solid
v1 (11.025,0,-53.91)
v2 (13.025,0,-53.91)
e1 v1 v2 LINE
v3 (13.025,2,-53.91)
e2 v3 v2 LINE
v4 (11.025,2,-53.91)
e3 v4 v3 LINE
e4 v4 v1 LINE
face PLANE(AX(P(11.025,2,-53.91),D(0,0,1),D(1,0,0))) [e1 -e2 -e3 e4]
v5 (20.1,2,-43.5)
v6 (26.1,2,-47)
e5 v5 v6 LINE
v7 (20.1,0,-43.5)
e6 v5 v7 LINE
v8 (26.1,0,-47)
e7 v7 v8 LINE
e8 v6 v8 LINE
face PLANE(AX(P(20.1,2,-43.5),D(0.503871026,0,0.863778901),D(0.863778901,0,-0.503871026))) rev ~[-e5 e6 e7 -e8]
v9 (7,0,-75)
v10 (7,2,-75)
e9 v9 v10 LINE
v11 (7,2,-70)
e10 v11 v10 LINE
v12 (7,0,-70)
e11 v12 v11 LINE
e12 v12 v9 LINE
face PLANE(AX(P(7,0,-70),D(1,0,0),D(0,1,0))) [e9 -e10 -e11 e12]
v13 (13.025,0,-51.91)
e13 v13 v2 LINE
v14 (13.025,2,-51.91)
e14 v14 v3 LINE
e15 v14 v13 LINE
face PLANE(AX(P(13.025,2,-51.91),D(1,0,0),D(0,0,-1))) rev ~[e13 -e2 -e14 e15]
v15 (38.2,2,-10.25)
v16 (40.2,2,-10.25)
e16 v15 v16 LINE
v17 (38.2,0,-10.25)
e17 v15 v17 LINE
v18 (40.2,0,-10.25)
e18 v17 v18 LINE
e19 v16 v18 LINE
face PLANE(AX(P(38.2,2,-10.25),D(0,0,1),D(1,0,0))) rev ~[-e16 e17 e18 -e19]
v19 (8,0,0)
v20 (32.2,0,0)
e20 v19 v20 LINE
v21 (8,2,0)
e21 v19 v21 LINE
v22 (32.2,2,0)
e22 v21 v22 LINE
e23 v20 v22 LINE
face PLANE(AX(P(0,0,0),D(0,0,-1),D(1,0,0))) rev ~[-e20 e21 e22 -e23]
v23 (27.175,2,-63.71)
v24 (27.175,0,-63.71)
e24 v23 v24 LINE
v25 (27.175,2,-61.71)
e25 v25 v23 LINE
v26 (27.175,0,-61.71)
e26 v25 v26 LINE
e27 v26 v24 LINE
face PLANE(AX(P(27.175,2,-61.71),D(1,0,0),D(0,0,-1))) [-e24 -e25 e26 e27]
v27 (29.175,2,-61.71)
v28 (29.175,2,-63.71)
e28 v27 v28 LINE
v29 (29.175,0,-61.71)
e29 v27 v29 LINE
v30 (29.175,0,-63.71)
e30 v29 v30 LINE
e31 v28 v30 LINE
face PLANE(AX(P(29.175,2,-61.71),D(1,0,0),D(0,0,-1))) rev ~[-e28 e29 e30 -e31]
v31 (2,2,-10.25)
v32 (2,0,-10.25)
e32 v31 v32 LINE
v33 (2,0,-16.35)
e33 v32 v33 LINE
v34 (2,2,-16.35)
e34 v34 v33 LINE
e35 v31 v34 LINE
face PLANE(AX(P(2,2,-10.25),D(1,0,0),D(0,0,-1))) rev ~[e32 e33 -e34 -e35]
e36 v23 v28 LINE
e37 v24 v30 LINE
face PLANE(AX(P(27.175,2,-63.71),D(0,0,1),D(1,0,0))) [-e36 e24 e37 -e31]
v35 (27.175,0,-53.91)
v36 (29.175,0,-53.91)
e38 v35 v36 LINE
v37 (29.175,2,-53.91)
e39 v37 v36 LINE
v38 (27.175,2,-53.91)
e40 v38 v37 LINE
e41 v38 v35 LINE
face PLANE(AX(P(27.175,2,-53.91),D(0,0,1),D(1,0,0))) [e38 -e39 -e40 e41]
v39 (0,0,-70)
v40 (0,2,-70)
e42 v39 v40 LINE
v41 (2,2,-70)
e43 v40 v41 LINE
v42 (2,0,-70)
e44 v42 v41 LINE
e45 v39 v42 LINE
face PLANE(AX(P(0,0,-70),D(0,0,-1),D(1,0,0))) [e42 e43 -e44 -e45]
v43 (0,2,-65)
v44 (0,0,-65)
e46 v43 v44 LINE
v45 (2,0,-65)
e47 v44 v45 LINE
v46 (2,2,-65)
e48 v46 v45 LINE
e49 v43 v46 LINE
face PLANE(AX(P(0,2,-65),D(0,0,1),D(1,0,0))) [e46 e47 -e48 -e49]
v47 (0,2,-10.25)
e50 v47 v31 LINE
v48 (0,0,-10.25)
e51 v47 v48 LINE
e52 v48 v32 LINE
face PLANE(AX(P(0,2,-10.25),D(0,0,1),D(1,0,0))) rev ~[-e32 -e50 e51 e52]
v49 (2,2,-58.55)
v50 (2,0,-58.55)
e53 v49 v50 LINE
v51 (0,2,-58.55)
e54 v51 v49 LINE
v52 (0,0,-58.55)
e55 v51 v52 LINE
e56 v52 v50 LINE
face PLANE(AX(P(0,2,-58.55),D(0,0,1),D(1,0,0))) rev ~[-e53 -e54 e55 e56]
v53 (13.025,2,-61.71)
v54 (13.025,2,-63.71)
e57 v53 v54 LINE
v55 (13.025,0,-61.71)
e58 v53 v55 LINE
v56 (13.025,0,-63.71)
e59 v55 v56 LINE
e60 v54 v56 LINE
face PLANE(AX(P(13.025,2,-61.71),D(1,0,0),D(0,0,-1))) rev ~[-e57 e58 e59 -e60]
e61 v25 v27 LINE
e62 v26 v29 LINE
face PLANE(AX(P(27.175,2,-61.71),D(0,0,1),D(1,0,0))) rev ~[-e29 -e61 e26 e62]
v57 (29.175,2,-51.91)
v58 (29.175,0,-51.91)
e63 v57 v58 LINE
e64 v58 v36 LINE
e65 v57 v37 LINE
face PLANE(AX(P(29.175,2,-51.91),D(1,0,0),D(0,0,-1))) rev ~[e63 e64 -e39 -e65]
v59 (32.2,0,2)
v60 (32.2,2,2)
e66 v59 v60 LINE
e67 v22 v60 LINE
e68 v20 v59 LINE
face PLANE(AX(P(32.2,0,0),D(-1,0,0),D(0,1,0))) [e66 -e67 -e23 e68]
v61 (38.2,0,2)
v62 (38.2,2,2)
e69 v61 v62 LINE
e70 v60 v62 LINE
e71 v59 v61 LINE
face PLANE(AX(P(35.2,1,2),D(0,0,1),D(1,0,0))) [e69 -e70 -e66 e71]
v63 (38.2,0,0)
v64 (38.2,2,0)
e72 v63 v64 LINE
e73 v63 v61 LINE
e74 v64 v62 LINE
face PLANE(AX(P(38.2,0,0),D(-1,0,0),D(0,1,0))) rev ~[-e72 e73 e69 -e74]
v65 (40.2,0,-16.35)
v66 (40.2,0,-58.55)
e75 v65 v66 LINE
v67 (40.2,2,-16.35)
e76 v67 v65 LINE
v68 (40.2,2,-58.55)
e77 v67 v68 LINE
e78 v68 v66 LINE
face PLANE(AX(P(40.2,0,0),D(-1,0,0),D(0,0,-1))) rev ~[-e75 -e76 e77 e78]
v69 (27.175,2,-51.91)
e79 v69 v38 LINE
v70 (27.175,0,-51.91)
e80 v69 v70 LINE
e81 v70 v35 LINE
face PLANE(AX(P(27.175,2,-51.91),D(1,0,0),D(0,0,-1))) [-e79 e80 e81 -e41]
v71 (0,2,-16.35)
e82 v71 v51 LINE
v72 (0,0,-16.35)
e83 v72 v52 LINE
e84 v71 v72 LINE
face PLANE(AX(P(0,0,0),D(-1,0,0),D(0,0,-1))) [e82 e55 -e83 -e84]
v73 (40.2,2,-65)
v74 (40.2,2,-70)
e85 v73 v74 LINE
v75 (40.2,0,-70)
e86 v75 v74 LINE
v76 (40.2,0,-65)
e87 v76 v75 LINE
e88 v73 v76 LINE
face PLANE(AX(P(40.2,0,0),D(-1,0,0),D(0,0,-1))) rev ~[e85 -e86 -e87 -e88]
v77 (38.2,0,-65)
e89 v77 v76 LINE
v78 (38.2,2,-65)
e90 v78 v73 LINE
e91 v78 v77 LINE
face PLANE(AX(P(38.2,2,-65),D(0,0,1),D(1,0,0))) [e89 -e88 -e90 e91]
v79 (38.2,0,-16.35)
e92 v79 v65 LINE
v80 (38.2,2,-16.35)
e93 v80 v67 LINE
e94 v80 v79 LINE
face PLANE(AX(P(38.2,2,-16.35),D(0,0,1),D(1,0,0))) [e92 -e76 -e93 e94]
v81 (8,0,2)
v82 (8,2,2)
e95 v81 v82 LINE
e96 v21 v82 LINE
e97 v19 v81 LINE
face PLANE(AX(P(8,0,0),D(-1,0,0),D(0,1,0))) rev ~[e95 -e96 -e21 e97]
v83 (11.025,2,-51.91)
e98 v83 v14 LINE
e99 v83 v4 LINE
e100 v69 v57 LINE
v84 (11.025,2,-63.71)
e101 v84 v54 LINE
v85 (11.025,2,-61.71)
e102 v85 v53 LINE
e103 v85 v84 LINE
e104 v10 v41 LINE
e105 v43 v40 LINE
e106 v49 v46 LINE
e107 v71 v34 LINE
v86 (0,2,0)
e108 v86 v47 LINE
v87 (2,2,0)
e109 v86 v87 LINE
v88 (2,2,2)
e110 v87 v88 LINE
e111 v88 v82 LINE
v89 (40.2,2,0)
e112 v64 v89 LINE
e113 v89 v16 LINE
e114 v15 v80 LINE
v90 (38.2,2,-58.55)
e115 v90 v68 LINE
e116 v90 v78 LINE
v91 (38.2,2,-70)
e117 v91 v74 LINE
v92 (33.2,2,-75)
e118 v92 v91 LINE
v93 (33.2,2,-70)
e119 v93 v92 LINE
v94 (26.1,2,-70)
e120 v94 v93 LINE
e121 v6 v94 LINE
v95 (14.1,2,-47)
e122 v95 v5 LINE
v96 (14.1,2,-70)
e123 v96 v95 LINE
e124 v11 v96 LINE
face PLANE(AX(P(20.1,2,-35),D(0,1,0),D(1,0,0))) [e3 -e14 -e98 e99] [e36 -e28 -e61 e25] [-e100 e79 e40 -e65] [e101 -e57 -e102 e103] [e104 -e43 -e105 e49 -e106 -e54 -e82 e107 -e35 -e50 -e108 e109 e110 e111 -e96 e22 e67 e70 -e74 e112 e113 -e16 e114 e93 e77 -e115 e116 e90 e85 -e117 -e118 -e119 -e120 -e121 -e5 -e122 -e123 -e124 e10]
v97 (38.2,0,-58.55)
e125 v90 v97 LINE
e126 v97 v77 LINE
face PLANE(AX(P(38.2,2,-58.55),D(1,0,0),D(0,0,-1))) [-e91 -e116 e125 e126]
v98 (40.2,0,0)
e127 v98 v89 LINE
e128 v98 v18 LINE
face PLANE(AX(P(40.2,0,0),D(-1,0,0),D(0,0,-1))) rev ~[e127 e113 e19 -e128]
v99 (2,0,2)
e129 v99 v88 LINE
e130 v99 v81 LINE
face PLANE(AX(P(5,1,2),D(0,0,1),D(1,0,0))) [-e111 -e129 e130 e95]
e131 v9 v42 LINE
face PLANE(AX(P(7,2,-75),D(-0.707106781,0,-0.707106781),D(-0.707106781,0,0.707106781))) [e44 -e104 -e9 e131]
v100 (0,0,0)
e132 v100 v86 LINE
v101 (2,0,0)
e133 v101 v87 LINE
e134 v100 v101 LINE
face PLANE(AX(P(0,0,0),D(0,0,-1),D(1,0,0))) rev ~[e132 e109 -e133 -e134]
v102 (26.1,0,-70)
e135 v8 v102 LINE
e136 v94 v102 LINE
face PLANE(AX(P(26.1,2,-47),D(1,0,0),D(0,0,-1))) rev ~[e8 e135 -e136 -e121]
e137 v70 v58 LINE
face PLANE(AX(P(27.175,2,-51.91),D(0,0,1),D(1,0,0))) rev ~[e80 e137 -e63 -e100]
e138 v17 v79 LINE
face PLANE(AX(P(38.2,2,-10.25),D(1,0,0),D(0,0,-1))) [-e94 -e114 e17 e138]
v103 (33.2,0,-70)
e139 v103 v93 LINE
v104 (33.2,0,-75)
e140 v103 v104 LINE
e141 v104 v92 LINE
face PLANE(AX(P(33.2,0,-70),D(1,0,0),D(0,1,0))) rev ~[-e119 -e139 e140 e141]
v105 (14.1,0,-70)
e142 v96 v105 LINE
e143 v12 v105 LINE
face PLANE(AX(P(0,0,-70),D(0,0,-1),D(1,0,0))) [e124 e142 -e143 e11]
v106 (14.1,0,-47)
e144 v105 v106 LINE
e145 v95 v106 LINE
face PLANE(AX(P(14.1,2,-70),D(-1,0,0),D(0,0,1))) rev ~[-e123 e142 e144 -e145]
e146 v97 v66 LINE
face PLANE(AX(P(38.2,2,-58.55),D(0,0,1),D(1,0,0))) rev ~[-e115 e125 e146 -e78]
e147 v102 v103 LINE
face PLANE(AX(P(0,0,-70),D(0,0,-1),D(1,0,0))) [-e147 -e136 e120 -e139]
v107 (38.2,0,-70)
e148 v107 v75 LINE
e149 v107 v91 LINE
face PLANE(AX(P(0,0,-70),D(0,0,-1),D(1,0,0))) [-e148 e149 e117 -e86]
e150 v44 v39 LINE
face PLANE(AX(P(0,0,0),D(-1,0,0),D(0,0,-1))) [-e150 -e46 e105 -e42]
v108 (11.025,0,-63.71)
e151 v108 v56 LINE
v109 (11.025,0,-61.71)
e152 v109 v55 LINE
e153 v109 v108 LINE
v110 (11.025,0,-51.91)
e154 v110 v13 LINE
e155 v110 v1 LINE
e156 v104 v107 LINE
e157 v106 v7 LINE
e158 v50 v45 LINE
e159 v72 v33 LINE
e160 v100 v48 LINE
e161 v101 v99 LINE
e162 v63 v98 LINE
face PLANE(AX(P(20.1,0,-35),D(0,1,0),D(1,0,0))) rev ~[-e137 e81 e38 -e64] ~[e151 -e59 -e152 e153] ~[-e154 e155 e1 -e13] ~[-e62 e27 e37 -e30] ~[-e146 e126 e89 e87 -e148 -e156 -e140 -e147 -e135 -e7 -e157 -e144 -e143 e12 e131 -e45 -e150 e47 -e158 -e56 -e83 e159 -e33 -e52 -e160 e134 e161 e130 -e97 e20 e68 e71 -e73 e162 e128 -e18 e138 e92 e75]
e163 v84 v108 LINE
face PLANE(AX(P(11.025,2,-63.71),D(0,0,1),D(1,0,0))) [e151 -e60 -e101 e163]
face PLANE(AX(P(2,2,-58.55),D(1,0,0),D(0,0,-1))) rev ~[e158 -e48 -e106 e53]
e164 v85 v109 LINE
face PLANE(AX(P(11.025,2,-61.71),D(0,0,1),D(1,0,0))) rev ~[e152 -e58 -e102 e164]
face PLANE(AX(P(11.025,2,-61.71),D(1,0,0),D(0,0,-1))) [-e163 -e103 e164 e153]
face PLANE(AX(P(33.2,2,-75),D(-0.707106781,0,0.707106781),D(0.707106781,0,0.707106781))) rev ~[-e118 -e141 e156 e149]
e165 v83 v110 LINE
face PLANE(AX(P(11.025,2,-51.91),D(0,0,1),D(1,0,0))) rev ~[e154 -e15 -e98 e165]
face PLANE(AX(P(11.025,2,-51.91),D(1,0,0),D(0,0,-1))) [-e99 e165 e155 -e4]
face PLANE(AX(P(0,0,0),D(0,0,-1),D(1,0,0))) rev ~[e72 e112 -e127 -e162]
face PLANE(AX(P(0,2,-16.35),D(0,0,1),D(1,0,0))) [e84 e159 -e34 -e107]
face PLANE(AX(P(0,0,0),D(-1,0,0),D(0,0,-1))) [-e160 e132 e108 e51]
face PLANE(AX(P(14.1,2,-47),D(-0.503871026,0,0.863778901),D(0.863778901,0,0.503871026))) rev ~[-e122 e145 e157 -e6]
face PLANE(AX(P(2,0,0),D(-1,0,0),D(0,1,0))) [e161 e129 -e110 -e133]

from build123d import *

# Parameters (mm, degrees)
SKETCH_1_W          = 40.2
SKETCH_1_H          = 70
EXTRUDE_1_DEPTH     = 2
SKETCH_2_W          = 2
SKETCH_2_H          = 6.1
SKETCH_2_H_2        = 6.45
CUT_EXTRUDE_1_DEPTH = 81.746764641
SKETCH_3_W          = 6
SKETCH_3_H          = 2
EXTRUDE_2_DEPTH     = 2
SKETCH_4_W          = 5
SKETCH_4_H          = 2
EXTRUDE_3_DEPTH     = 5
CUT_EXTRUDE_2_DEPTH = 86.117800723
CUT_EXTRUDE_3_DEPTH = 5
SKETCH_8_W          = 2
SKETCH_8_H          = 2
CUT_EXTRUDE_4_DEPTH = 5


with BuildPart() as part:
    # ｽｹｯﾁ1 → ﾎﾞｽ - 押し出し1 (new body)
    with BuildSketch(Plane(origin=(0, 0, 0), x_dir=(1, 0, 0), z_dir=(0, 1, 0))):
        with Locations((20.1, 35)):
            Rectangle(SKETCH_1_W, SKETCH_1_H)
    extrude(amount=EXTRUDE_1_DEPTH)

    # ｽｹｯﾁ2 → ｶｯﾄ - 押し出し1 (cut, through all)
    with BuildSketch(Plane(origin=(0, 2, 0), x_dir=(1, 0, 0), z_dir=(0, 1, 0))):
        with Locations((1, 13.3)):
            Rectangle(SKETCH_2_W, SKETCH_2_H)
        with Locations((39.2, 13.3)):
            Rectangle(SKETCH_2_W, SKETCH_2_H)
        with Locations((1, 61.775)):
            Rectangle(SKETCH_2_W, SKETCH_2_H_2)
        with Locations((39.2, 61.775)):
            Rectangle(SKETCH_2_W, SKETCH_2_H_2)
    extrude(amount=-CUT_EXTRUDE_1_DEPTH, mode=Mode.SUBTRACT)

    # ｽｹｯﾁ3 → ﾎﾞｽ - 押し出し2 (add)
    with BuildSketch(Plane.XY):
        with Locations((5, 1)):
            Rectangle(SKETCH_3_W, SKETCH_3_H)
        with Locations((35.2, 1)):
            Rectangle(SKETCH_3_W, SKETCH_3_H)
    extrude(amount=EXTRUDE_2_DEPTH)

    # ｽｹｯﾁ4 → ﾎﾞｽ - 押し出し3 (add)
    with BuildSketch(Plane(origin=(0, 0, -70), x_dir=(-1, 0, 0), z_dir=(0, 0, -1))):
        with Locations((-35.7, 1)):
            Rectangle(SKETCH_4_W, SKETCH_4_H)
        with Locations((-4.5, 1)):
            Rectangle(SKETCH_4_W, SKETCH_4_H)
    extrude(amount=EXTRUDE_3_DEPTH)

    # ｽｹｯﾁ5 → ｶｯﾄ - 押し出し2 (cut, through all)
    with BuildSketch(Plane(origin=(0, 2, 0), x_dir=(1, 0, 0), z_dir=(0, 1, 0))):
        Polygon((7, 75), (2, 70), (2, 75), align=None)
        Polygon((33.2, 75), (38.2, 70), (38.2, 75), align=None)
    extrude(amount=-CUT_EXTRUDE_2_DEPTH, mode=Mode.SUBTRACT)

    # ｽｹｯﾁ7 → ｶｯﾄ - 押し出し3 (cut)
    with BuildSketch(Plane(origin=(0, 2, 0), x_dir=(1, 0, 0), z_dir=(0, 1, 0))):
        Polygon((14.1, 70), (14.1, 47), (20.1, 43.5), (26.1, 47), (26.1, 70), align=None)
    extrude(amount=-CUT_EXTRUDE_3_DEPTH, mode=Mode.SUBTRACT)

    # ｽｹｯﾁ8 → ｶｯﾄ - 押し出し4 (cut)
    with BuildSketch(Plane(origin=(0, 2, 0), x_dir=(1, 0, 0), z_dir=(0, 1, 0))):
        with Locations((12.025, 62.71)):
            Rectangle(SKETCH_8_W, SKETCH_8_H)
        with Locations((12.025, 52.91)):
            Rectangle(SKETCH_8_W, SKETCH_8_H)
        with Locations((28.175, 62.71)):
            Rectangle(SKETCH_8_W, SKETCH_8_H)
        with Locations((28.175, 52.91)):
            Rectangle(SKETCH_8_W, SKETCH_8_H)
    extrude(amount=-CUT_EXTRUDE_4_DEPTH, mode=Mode.SUBTRACT)


solid = part.part
